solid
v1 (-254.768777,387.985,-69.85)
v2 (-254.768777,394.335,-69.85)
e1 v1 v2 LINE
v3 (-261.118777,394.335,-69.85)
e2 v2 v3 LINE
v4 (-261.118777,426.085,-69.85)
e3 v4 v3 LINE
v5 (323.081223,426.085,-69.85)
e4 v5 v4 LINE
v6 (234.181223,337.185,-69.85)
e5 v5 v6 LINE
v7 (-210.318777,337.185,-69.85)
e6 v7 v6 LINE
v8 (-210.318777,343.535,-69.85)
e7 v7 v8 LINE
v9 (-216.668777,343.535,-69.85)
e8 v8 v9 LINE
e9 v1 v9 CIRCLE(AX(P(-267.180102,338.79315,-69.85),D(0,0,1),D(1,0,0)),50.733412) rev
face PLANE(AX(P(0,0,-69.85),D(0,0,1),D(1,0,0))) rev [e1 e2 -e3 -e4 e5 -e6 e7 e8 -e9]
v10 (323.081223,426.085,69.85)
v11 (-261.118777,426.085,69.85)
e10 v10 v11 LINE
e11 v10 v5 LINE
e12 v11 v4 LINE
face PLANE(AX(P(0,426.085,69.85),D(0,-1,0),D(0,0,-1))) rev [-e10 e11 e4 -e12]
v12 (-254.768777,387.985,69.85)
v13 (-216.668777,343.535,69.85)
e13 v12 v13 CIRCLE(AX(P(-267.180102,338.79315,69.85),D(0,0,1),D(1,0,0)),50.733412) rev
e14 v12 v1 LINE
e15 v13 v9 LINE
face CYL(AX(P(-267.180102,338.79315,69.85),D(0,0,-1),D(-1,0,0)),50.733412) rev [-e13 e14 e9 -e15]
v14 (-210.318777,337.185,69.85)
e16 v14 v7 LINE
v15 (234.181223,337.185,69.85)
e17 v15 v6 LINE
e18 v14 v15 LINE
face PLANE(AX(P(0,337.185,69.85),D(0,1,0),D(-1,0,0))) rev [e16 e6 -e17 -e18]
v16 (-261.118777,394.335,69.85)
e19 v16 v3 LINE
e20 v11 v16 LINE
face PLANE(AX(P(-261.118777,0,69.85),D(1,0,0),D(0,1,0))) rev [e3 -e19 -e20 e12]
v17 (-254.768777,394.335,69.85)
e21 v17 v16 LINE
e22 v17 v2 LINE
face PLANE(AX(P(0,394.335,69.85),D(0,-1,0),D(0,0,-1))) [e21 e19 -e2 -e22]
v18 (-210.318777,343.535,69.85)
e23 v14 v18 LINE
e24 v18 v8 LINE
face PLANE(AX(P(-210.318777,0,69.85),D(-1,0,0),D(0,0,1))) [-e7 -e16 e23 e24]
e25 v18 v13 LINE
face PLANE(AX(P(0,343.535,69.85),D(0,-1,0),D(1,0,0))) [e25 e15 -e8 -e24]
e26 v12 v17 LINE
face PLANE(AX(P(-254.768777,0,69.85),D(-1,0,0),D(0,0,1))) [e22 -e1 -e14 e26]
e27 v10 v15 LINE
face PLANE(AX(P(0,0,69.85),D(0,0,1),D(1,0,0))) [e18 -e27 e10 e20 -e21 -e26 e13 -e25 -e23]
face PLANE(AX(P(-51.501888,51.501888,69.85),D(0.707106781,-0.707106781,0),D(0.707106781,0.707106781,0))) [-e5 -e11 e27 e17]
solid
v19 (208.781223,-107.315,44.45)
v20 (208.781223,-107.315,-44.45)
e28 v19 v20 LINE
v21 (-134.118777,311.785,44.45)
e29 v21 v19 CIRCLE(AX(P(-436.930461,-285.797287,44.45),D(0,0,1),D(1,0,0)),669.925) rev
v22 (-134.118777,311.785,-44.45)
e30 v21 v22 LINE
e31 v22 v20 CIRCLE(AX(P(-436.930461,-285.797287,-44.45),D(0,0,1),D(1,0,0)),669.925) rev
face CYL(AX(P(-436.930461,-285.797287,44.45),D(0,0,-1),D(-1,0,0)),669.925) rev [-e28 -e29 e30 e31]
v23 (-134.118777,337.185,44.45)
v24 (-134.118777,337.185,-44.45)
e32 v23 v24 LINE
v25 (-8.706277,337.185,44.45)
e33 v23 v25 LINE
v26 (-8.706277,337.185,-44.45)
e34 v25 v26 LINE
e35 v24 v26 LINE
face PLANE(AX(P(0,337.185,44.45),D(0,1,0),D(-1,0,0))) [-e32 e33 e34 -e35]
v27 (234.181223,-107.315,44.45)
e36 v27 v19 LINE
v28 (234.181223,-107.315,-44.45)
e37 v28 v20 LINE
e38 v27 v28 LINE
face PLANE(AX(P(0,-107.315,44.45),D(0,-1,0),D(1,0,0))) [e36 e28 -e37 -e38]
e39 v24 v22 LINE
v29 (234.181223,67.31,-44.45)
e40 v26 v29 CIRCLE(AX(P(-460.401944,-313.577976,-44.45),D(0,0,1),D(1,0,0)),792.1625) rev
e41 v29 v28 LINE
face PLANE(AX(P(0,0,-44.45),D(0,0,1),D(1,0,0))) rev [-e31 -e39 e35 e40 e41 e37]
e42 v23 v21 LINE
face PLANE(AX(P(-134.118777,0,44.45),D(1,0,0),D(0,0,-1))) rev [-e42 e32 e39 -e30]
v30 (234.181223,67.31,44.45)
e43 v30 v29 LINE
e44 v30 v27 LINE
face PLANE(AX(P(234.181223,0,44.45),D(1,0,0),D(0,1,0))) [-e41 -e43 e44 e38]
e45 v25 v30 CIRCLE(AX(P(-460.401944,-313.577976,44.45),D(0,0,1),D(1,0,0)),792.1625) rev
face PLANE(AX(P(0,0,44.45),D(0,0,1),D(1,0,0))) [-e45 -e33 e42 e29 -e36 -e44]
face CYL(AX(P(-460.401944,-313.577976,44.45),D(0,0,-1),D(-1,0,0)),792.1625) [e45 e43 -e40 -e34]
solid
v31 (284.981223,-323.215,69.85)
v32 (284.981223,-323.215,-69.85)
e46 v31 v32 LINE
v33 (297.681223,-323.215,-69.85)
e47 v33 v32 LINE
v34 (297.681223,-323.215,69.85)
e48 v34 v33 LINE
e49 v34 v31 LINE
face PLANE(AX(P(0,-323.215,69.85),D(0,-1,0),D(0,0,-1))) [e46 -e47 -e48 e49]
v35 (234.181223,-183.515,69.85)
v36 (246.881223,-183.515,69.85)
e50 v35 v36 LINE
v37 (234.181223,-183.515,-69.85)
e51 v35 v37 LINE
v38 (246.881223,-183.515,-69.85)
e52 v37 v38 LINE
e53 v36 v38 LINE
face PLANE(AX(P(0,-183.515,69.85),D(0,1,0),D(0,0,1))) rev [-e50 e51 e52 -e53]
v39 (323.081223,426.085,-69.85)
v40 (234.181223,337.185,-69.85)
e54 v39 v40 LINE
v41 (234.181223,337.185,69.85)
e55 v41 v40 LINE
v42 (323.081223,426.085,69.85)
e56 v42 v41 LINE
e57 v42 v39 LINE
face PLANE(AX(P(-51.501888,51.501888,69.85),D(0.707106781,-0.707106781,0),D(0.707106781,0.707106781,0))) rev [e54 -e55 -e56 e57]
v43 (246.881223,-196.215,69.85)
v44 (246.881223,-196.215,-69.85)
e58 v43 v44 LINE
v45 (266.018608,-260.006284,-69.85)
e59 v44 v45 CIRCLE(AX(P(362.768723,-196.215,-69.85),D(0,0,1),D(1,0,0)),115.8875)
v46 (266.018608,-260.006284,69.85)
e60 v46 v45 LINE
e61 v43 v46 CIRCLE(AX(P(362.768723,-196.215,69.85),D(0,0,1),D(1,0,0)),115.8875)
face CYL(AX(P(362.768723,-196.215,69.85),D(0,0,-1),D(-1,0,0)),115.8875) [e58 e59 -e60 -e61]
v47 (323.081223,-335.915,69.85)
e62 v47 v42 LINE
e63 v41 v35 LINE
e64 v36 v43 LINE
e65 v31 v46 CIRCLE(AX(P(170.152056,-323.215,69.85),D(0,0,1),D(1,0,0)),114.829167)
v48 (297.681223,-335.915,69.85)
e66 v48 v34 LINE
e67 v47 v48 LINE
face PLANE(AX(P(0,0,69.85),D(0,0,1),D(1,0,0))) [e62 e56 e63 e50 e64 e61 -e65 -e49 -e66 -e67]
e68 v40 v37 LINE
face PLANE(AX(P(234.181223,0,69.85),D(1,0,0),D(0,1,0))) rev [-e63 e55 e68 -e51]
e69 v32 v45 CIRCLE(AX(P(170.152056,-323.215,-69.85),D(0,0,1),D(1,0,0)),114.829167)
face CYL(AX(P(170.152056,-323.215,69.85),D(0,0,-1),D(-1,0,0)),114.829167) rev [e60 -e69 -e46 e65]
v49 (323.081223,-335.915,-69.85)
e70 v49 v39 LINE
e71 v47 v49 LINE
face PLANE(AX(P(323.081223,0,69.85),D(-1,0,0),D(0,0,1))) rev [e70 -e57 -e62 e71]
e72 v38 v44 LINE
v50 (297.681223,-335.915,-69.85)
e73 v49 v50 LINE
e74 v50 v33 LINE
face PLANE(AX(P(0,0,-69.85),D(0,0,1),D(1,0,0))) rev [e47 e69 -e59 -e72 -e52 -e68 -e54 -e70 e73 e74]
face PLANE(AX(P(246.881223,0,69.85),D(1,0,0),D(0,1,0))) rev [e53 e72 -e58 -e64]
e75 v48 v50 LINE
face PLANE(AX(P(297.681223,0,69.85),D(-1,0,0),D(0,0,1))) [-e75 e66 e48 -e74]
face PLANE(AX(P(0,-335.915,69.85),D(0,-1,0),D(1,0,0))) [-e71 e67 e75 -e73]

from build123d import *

# Parameters (mm, degrees)
BOSS_EXTRUDE1_DEPTH = 69.85
BOSS_EXTRUDE2_DEPTH = 44.45
BOSS_EXTRUDE3_DEPTH = 69.85


with BuildPart() as part:
    # Sketch1 → Boss-Extrude1 (new body, symmetric)
    with BuildSketch(Plane.XY):
        with BuildLine():
            Line((-254.768776984, 387.985), (-254.768776984, 394.335))
            Line((-254.768776984, 394.335), (-261.118776984, 394.335))
            Line((-261.118776984, 394.335), (-261.118776984, 426.085))
            Line((-261.118776984, 426.085), (323.081223016, 426.085))
            Line((323.081223016, 426.085), (234.181223016, 337.185))
            Line((234.181223016, 337.185), (-210.318776984, 337.185))
            Line((-210.318776984, 337.185), (-210.318776984, 343.535))
            Line((-210.318776984, 343.535), (-216.668776984, 343.535))
            ThreePointArc((-216.668776984, 343.535), (-228.660423906, 371.810016924), (-254.768776984, 387.985))
        make_face()
    extrude(amount=BOSS_EXTRUDE1_DEPTH, both=True)


with BuildPart() as body_2:
    # Sketch1_3 → Boss-Extrude2 (new body, symmetric)
    with BuildSketch(Plane.XY):
        with BuildLine():
            ThreePointArc((234.181223016, 67.31), (128.407804757, 216.350798568), (-8.706276984, 337.185))
            Line((-8.706276984, 337.185), (-134.118776984, 337.185))
            Line((-134.118776984, 337.185), (-134.118776984, 311.785))
            ThreePointArc((-134.118776984, 311.785), (81.562882665, 138.424539713), (208.781223016, -107.315))
            Line((208.781223016, -107.315), (234.181223016, -107.315))
            Line((234.181223016, -107.315), (234.181223016, 67.31))
        make_face()
    extrude(amount=BOSS_EXTRUDE2_DEPTH, both=True)


with BuildPart() as body_3:
    # Sketch1_4 → Boss-Extrude3 (new body, symmetric)
    with BuildSketch(Plane.XY):
        with BuildLine():
            Line((323.081223016, -335.915), (323.081223016, 426.085))
            Line((323.081223016, 426.085), (234.181223016, 337.185))
            Line((234.181223016, 337.185), (234.181223016, -183.515))
            Line((234.181223016, -183.515), (246.881223016, -183.515))
            Line((246.881223016, -183.515), (246.881223016, -196.215))
            ThreePointArc((246.881223016, -196.215), (251.768629387, -229.515028089), (266.018608337, -260.006284404))
            ThreePointArc((266.018608337, -260.006284404), (280.138450492, -290.219081757), (284.981223016, -323.215))
            Line((284.981223016, -323.215), (297.681223016, -323.215))
            Line((297.681223016, -323.215), (297.681223016, -335.915))
            Line((297.681223016, -335.915), (323.081223016, -335.915))
        make_face()
    extrude(amount=BOSS_EXTRUDE3_DEPTH, both=True)


solid = Compound([part.part, body_2.part, body_3.part])
